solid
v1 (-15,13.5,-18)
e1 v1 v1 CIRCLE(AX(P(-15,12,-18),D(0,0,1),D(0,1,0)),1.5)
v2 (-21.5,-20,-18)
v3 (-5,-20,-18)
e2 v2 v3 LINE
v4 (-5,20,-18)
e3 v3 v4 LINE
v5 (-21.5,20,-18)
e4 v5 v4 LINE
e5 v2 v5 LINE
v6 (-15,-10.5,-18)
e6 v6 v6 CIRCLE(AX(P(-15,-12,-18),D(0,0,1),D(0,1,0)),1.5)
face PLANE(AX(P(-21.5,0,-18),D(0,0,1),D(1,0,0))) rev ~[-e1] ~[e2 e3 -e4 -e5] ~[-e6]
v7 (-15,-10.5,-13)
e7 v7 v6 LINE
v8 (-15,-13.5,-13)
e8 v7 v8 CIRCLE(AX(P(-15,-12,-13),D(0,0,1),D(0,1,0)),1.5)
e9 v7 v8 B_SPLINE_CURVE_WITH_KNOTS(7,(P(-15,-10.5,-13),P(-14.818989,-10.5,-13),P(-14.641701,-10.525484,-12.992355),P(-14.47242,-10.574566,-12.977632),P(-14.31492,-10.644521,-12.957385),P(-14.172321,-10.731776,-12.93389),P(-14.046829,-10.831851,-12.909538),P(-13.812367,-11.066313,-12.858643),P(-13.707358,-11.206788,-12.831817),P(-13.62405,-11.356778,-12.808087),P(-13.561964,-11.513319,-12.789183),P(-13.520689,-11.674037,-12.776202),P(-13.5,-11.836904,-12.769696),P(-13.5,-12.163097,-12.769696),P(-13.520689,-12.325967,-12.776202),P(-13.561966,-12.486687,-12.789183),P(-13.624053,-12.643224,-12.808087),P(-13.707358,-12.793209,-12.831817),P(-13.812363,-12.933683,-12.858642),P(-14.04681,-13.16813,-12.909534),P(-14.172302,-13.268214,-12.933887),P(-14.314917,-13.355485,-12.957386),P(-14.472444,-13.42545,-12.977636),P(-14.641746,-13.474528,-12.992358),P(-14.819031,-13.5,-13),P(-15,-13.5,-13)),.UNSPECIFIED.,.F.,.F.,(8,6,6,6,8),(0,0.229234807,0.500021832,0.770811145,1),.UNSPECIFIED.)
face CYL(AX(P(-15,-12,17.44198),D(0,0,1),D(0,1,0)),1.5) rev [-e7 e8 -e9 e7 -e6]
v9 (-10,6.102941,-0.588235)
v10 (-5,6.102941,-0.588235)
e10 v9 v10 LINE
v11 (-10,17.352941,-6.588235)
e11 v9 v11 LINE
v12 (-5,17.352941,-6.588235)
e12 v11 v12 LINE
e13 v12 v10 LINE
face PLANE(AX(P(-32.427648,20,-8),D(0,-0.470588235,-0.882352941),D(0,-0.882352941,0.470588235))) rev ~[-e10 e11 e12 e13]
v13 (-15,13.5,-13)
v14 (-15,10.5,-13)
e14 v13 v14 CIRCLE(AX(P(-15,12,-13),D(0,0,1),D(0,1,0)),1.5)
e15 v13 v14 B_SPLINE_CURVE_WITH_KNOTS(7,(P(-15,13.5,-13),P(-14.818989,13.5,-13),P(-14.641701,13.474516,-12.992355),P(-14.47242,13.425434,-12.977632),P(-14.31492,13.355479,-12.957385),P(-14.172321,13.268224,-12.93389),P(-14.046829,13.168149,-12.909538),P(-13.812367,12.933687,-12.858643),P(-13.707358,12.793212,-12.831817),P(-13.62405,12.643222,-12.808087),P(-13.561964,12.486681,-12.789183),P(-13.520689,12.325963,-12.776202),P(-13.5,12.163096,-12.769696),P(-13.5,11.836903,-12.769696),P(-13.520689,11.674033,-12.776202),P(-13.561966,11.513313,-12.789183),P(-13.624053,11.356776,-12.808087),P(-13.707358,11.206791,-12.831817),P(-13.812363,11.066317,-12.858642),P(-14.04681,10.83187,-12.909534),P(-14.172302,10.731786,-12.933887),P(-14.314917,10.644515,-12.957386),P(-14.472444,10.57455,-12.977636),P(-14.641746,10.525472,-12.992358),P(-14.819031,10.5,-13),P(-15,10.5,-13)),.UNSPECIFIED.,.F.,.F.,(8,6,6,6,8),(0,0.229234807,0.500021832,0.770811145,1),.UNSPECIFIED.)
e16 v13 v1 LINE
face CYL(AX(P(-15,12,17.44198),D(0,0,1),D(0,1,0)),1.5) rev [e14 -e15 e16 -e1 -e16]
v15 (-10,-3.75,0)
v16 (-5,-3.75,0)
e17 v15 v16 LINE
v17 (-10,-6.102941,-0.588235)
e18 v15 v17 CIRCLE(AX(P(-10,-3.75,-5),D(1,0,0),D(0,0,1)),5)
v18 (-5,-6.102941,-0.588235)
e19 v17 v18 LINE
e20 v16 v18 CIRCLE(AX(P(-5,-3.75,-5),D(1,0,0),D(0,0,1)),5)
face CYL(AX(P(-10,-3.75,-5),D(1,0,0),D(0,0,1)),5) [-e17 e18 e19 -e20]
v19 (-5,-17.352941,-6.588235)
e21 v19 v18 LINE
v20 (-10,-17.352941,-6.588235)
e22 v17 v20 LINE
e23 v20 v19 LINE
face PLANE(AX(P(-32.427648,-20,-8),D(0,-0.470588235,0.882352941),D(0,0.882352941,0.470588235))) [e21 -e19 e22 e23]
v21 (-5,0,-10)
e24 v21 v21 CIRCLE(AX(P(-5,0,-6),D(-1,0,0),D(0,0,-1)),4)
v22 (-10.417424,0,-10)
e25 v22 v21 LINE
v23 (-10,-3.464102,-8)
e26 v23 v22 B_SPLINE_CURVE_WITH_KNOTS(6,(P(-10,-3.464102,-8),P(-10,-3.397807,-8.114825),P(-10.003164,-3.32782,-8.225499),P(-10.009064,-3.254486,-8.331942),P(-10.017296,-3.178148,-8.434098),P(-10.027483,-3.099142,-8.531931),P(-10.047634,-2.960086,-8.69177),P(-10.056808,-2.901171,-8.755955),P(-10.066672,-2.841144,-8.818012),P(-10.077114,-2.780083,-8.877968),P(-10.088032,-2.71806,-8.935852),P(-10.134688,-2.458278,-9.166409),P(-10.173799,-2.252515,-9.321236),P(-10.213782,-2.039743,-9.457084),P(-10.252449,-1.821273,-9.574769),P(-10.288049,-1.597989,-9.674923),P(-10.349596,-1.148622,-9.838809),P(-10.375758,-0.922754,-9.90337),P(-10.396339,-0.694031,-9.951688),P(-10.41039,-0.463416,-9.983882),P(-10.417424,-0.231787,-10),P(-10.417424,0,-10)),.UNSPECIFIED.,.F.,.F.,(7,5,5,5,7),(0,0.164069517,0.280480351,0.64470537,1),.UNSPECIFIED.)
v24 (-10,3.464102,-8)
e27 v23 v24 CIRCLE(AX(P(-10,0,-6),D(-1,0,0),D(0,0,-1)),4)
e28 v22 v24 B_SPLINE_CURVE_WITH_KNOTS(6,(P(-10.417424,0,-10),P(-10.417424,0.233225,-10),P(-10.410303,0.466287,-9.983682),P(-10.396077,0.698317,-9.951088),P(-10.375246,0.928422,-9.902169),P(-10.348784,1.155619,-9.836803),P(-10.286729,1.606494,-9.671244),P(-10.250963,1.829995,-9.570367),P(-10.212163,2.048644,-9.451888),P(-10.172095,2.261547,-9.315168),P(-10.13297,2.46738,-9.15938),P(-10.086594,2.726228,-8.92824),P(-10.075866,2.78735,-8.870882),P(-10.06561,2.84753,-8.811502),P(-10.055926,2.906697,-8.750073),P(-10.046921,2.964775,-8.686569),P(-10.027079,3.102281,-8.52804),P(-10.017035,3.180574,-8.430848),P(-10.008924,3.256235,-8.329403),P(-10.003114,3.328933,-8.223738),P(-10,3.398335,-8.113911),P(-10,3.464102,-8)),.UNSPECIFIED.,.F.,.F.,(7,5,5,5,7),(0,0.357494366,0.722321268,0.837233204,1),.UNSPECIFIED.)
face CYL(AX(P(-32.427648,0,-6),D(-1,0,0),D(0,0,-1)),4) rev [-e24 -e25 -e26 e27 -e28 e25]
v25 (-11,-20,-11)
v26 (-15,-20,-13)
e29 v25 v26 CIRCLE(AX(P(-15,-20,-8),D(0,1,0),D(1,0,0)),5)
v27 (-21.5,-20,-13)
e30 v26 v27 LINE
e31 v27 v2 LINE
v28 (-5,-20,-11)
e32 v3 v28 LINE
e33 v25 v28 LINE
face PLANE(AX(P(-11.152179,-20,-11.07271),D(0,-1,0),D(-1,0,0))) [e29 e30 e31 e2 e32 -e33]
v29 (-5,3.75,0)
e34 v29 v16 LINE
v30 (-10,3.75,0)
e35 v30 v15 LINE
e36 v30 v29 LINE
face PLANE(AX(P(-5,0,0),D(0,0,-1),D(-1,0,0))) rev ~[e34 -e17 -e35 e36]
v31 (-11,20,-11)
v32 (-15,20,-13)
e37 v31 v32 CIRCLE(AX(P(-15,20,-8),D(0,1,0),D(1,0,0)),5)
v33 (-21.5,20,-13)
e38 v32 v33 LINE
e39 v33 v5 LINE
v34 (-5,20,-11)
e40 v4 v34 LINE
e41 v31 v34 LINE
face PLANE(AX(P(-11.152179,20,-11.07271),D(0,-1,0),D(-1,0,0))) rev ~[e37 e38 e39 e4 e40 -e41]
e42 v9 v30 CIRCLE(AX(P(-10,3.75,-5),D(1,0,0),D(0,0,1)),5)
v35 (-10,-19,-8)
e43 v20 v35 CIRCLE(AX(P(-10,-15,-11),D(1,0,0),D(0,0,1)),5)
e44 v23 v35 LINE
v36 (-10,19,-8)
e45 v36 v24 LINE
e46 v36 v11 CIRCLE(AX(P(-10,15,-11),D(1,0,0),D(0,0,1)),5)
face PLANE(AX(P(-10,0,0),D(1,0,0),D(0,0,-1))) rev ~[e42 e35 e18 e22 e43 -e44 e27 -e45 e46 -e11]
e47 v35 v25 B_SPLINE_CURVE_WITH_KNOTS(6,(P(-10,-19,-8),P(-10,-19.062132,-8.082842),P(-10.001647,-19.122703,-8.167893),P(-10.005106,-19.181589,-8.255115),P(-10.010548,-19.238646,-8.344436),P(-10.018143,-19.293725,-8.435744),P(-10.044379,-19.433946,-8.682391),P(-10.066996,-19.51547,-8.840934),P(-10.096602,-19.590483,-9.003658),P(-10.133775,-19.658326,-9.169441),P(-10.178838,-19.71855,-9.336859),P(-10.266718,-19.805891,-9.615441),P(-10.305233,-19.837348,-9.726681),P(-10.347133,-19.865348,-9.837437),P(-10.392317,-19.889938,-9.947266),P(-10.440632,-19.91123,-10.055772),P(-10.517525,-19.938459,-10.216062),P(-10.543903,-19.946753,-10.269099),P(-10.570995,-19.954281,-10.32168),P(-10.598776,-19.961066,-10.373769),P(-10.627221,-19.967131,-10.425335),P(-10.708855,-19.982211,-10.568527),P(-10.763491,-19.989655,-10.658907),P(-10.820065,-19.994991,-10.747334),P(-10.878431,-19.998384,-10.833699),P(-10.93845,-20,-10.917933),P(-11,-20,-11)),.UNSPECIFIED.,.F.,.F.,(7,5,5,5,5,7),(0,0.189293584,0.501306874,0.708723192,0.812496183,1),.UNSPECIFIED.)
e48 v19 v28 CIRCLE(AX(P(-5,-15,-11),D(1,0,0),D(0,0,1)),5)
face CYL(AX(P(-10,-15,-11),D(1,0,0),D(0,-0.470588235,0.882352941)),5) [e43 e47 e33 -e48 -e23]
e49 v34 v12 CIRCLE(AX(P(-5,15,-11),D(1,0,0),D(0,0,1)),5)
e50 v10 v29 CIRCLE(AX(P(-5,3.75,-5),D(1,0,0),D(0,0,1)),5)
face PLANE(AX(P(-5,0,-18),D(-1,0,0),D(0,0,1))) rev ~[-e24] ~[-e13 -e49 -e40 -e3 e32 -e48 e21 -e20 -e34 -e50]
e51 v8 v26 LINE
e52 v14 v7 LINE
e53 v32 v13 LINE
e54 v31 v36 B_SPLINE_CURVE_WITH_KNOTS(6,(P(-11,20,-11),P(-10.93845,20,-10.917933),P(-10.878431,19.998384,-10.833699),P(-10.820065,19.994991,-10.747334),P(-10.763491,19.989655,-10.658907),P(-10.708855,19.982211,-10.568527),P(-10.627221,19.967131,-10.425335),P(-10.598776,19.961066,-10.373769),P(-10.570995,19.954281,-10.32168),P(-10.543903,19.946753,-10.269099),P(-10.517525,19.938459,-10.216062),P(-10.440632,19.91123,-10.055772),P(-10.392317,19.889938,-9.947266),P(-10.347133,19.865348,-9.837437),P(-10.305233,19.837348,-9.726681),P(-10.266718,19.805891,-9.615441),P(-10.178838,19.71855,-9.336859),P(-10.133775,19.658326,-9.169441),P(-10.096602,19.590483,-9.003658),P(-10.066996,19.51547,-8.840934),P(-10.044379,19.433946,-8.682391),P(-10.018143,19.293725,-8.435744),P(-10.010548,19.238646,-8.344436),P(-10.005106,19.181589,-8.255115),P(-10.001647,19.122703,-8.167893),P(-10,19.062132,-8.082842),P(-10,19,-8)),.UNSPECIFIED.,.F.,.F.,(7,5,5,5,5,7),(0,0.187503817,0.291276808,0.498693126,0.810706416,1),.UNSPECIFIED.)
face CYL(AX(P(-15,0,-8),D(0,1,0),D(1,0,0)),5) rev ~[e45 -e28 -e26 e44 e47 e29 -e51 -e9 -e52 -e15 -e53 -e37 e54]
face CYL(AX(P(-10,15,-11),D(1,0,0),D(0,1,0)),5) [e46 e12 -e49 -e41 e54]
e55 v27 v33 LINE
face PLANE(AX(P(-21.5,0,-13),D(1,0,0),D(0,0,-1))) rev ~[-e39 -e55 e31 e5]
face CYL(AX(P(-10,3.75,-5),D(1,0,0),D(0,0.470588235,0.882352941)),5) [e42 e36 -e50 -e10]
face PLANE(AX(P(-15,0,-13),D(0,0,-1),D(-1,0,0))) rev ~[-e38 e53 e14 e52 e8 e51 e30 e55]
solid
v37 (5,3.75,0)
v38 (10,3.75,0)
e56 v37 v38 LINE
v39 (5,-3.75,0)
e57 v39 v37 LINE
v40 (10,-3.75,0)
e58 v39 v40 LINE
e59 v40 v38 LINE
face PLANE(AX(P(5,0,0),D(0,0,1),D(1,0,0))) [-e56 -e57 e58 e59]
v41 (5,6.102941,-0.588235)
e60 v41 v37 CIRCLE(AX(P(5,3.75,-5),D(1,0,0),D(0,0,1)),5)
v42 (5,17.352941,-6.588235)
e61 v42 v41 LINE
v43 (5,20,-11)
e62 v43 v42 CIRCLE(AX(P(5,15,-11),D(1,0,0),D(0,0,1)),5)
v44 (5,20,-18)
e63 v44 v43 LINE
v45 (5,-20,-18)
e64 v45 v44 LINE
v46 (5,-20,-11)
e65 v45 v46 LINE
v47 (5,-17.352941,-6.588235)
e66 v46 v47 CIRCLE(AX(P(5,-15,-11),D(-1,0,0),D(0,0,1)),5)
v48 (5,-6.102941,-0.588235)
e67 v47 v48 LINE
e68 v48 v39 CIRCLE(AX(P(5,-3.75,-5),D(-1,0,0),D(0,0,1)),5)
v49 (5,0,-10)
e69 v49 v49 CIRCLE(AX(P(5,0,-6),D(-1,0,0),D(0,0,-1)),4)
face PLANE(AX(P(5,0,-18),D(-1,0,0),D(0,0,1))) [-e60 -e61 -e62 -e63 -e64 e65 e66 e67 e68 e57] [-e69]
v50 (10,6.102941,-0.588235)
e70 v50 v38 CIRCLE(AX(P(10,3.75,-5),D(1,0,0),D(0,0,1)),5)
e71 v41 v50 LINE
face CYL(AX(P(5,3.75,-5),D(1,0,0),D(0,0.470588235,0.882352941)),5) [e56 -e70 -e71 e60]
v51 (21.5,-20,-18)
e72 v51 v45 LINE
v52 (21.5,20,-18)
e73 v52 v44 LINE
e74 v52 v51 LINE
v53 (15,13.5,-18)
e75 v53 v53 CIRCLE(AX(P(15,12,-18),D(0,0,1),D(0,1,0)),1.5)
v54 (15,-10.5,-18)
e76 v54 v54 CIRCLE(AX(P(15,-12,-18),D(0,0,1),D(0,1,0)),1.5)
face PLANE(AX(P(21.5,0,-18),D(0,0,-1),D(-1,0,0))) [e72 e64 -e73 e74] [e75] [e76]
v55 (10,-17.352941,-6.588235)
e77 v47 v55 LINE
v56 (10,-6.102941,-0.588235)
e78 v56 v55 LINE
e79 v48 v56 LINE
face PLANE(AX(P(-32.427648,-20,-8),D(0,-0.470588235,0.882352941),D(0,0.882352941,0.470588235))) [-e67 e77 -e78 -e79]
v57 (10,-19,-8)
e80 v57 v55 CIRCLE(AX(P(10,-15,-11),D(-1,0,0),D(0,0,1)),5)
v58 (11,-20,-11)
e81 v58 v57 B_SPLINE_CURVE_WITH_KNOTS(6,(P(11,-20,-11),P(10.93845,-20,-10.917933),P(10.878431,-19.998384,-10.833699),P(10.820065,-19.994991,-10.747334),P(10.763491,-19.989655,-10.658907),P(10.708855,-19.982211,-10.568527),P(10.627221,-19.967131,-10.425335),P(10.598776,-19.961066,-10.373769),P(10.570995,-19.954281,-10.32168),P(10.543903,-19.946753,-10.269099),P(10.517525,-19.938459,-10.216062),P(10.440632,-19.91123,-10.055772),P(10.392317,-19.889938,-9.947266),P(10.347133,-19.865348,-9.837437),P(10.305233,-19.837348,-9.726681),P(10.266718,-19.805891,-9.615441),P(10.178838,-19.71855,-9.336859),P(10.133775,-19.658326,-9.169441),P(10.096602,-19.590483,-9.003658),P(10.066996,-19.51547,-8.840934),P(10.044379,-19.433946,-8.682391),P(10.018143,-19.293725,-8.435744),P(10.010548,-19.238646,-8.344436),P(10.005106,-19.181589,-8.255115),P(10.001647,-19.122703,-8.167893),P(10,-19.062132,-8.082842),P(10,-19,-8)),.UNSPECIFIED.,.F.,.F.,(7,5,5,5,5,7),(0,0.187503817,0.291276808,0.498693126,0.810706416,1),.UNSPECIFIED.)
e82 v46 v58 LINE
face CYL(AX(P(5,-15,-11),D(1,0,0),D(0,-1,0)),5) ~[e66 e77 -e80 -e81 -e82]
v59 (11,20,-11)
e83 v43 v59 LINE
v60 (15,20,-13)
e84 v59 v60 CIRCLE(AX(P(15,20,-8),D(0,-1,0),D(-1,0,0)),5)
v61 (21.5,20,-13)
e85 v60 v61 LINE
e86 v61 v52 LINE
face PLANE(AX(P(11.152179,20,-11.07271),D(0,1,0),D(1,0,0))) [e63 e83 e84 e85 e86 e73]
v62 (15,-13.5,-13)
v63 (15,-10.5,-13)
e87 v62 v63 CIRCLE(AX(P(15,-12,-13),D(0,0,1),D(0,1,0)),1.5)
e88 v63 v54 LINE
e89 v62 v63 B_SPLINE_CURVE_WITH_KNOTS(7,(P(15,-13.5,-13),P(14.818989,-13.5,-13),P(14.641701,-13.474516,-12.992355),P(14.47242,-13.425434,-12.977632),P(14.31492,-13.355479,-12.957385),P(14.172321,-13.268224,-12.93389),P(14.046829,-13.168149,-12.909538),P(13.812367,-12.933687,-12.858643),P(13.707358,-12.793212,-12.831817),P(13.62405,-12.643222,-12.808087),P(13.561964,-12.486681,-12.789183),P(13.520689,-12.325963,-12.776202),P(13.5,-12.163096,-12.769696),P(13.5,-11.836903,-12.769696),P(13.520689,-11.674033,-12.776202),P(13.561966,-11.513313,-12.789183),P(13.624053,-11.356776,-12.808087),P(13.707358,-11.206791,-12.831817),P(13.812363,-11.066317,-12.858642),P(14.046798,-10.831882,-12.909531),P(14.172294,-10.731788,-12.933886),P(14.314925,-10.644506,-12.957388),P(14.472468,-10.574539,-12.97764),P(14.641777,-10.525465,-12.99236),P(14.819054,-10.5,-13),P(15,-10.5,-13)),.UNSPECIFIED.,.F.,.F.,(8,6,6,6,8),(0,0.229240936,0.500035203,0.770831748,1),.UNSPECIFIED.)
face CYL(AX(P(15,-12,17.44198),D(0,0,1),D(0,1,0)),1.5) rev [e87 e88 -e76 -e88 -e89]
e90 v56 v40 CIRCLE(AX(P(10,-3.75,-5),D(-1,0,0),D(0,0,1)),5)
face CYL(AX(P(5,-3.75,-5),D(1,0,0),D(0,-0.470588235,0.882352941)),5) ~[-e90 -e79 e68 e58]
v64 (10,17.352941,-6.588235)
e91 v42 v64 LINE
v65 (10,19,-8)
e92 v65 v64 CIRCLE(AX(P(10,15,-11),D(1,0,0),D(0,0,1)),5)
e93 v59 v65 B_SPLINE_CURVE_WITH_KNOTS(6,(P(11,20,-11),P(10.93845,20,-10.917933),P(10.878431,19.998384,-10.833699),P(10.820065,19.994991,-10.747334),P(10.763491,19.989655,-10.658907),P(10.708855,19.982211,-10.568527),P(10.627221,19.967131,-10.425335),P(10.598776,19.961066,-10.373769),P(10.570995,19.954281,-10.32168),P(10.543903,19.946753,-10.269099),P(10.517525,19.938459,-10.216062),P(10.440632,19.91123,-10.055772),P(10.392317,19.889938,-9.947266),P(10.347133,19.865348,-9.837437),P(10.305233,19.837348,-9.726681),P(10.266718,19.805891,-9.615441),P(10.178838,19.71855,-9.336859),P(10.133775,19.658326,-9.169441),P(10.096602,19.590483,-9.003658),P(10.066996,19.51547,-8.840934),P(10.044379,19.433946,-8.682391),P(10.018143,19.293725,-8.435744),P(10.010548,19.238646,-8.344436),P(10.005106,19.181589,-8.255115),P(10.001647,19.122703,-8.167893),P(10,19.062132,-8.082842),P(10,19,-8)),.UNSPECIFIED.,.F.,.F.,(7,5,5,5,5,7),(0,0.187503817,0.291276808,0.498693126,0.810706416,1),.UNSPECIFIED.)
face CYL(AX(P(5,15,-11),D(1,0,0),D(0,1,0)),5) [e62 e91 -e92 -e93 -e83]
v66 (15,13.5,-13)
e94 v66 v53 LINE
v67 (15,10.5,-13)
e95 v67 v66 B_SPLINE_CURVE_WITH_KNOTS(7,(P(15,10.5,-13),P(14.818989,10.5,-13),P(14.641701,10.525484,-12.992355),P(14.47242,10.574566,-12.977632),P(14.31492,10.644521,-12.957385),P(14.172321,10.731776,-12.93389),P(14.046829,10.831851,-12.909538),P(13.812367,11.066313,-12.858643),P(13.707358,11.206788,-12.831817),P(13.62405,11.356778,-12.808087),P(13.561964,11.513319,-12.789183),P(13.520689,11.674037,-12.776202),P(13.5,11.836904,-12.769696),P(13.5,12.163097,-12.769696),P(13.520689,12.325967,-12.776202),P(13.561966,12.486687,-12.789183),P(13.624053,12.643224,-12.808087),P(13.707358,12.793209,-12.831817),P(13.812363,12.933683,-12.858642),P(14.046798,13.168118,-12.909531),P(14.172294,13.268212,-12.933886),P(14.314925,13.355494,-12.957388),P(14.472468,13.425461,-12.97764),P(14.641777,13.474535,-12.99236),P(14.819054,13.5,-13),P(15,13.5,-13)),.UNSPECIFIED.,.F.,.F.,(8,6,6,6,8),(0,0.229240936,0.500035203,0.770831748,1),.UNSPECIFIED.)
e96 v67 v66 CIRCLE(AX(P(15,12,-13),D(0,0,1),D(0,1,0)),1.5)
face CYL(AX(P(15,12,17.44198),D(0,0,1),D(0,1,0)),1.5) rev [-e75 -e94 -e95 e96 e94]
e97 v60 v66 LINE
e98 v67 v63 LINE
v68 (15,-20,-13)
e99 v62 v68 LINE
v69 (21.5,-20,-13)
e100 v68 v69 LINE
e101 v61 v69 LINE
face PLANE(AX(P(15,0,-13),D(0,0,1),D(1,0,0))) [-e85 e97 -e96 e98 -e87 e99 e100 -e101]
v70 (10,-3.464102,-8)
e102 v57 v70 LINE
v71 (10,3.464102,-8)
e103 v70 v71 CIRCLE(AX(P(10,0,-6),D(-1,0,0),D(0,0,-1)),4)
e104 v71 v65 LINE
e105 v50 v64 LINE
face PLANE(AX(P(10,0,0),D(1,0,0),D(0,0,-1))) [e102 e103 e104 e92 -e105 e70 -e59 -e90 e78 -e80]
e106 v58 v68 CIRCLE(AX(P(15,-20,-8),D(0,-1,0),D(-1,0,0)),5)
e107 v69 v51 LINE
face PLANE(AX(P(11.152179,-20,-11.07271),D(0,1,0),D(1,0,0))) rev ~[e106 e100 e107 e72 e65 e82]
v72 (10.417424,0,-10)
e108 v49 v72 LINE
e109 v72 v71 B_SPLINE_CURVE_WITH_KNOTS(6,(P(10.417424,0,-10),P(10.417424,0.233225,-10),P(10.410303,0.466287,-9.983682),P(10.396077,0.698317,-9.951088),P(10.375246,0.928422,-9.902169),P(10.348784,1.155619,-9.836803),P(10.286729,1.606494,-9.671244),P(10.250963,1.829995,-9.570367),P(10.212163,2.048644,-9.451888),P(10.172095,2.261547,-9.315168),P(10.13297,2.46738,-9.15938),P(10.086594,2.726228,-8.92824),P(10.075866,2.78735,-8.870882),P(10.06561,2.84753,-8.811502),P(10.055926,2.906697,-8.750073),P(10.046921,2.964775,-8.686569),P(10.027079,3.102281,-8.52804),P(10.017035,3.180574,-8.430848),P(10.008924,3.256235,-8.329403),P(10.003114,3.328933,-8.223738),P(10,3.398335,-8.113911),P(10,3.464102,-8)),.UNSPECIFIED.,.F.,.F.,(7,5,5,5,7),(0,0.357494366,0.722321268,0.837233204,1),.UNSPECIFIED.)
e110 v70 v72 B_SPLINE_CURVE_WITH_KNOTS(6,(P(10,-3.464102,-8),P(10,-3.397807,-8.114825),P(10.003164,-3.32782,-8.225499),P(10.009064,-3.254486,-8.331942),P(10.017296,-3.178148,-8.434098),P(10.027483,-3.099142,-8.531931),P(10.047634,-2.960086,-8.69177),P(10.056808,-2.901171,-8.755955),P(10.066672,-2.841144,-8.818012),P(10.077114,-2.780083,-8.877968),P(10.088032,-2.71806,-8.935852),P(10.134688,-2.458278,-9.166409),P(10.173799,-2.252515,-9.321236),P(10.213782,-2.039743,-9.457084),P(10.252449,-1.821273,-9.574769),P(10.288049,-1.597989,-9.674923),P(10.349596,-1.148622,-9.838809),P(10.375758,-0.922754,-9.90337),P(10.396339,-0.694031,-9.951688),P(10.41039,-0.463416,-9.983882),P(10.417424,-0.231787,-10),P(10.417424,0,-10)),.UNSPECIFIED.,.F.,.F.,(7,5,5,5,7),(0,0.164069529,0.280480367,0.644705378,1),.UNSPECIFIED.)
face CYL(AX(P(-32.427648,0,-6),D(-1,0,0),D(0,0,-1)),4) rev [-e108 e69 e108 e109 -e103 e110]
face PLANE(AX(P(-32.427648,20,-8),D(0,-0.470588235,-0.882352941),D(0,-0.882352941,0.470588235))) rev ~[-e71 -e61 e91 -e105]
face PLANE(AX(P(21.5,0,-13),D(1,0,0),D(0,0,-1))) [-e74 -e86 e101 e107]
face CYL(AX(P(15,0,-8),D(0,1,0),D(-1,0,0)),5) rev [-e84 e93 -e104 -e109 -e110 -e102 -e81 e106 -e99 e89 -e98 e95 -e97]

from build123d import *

# Parameters (mm, degrees)
BOSS_EXTRUDE1_DEPTH     = 20
BOSS_EXTRUDE1_2_DEPTH   = 20
CUT_EXTRUDE1_DEPTH      = 42.427647773
CUT_EXTRUDE1_DEPTH_BACK = 42.427647773
SKETCH2_R               = 4
CUT_EXTRUDE2_DEPTH      = 35.441980257
CUT_EXTRUDE2_DEPTH_BACK = 35.441980257
SKETCH3_R               = 1.5
CUT_EXTRUDE3_DEPTH      = 42.427647865
CUT_EXTRUDE3_DEPTH_BACK = 42.427647865
FILLET2_R               = 5
FILLET3_R               = 5


with BuildPart() as part:
    # Sketch1 → Boss-Extrude1 (new, symmetric)
    with BuildSketch(Plane(origin=(0, 0, 0), x_dir=(1, 0, 0), z_dir=(0, 1, 0))):
        with BuildLine():
            Line((-5, 18), (-5, 0))
            Line((-5, 0), (-10, 0))
            Line((-10, 0), (-10, 8))
            ThreePointArc((-10, 8), (-11.464466094, 11.535533906), (-15, 13))
            Line((-15, 13), (-21.5, 13))
            Line((-21.5, 13), (-21.5, 18))
            Line((-21.5, 18), (-5, 18))
        make_face()
    extrude(amount=BOSS_EXTRUDE1_DEPTH, both=True)


with BuildPart() as body_2:
    # Sketch1 → Boss-Extrude1 2 (new, symmetric)
    with BuildSketch(Plane(origin=(0, 0, 0), x_dir=(1, 0, 0), z_dir=(0, 1, 0))):
        with BuildLine():
            Line((21.5, 18), (5, 18))
            Line((5, 18), (5, 0))
            Line((5, 0), (10, 0))
            Line((10, 0), (10, 8))
            ThreePointArc((10, 8), (11.464466094, 11.535533906), (15, 13))
            Line((15, 13), (21.5, 13))
            Line((21.5, 13), (21.5, 18))
        make_face()
    extrude(amount=BOSS_EXTRUDE1_2_DEPTH, both=True)


with BuildPart() as cut_extrude1_tool:
    # Sketch2 → Cut-Extrude1 (new, two sides: drawn at the far end of the back side and taken through both)
    with BuildSketch(Plane(origin=(10, 0, 0), x_dir=(0, 0, -1), z_dir=(1, 0, 0)).offset(-CUT_EXTRUDE1_DEPTH_BACK)):
        with Locations((6, 0)):
            Circle(SKETCH2_R)
    extrude(amount=CUT_EXTRUDE1_DEPTH + CUT_EXTRUDE1_DEPTH_BACK)


with BuildPart() as part_1:
    add(part.part)

    # Cut-Extrude1: cut by cut_extrude1_tool
    add(cut_extrude1_tool.part, mode=Mode.SUBTRACT)


with BuildPart() as body_2_1:
    add(body_2.part)

    # Cut-Extrude1: cut by cut_extrude1_tool
    add(cut_extrude1_tool.part, mode=Mode.SUBTRACT)


with BuildPart() as cut_extrude2_tool:
    # Sketch3 → Cut-Extrude2 (new, two sides: drawn at the far end of the back side and taken through both)
    with BuildSketch(Plane(origin=(0, 0, -18), x_dir=(-1, 0, 0), z_dir=(0, 0, -1)).offset(-CUT_EXTRUDE2_DEPTH_BACK)):
        with Locations(Location((-15, -12, 0), (0, 0, 90))):
            Circle(SKETCH3_R)
        with Locations(Location((-15, 12, 0), (0, 0, 90))):
            Circle(SKETCH3_R)
        with Locations(Location((15, 12, 0), (0, 0, 90))):
            Circle(SKETCH3_R)
        with Locations(Location((15, -12, 0), (0, 0, 90))):
            Circle(SKETCH3_R)
    extrude(amount=CUT_EXTRUDE2_DEPTH + CUT_EXTRUDE2_DEPTH_BACK)


with BuildPart() as part_2:
    add(part_1.part)

    # Cut-Extrude2: cut by cut_extrude2_tool
    add(cut_extrude2_tool.part, mode=Mode.SUBTRACT)


with BuildPart() as body_2_2:
    add(body_2_1.part)

    # Cut-Extrude2: cut by cut_extrude2_tool
    add(cut_extrude2_tool.part, mode=Mode.SUBTRACT)


with BuildPart() as cut_extrude3_tool:
    # Sketch4 → Cut-Extrude3 (new, two sides: drawn at the far end of the back side and taken through both)
    with BuildSketch(Plane(origin=(10, 0, 0), x_dir=(0, 0, -1), z_dir=(1, 0, 0)).offset(-CUT_EXTRUDE3_DEPTH_BACK)):
        Polygon((8, 20), (0, 5), (0, 20), align=None)
        Polygon((8, -20), (0, -5), (0, -20), align=None)
    extrude(amount=CUT_EXTRUDE3_DEPTH + CUT_EXTRUDE3_DEPTH_BACK)


with BuildPart() as part_3:
    add(part_2.part)

    # Cut-Extrude3: cut by cut_extrude3_tool
    add(cut_extrude3_tool.part, mode=Mode.SUBTRACT)

    # Fillet3
    fillet3_edges = [part_3.edges().sort_by_distance(p)[0] for p in [
        (-7.5, -20, -8),
        (-7.5, 20, -8),
        (-7.5, 5, 0),
        (-7.5, -5, 0),
    ]]
    fillet(fillet3_edges, radius=FILLET3_R)


with BuildPart() as body_2_3:
    add(body_2_2.part)

    # Cut-Extrude3: cut by cut_extrude3_tool
    add(cut_extrude3_tool.part, mode=Mode.SUBTRACT)

    # Fillet2
    fillet2_edges = [body_2_3.edges().sort_by_distance(p)[0] for p in [
        (7.5, -20, -8),
        (7.5, 20, -8),
        (7.5, 5, 0),
        (7.5, -5, 0),
    ]]
    fillet(fillet2_edges, radius=FILLET2_R)


solid = Compound([part_3.part, body_2_3.part])
